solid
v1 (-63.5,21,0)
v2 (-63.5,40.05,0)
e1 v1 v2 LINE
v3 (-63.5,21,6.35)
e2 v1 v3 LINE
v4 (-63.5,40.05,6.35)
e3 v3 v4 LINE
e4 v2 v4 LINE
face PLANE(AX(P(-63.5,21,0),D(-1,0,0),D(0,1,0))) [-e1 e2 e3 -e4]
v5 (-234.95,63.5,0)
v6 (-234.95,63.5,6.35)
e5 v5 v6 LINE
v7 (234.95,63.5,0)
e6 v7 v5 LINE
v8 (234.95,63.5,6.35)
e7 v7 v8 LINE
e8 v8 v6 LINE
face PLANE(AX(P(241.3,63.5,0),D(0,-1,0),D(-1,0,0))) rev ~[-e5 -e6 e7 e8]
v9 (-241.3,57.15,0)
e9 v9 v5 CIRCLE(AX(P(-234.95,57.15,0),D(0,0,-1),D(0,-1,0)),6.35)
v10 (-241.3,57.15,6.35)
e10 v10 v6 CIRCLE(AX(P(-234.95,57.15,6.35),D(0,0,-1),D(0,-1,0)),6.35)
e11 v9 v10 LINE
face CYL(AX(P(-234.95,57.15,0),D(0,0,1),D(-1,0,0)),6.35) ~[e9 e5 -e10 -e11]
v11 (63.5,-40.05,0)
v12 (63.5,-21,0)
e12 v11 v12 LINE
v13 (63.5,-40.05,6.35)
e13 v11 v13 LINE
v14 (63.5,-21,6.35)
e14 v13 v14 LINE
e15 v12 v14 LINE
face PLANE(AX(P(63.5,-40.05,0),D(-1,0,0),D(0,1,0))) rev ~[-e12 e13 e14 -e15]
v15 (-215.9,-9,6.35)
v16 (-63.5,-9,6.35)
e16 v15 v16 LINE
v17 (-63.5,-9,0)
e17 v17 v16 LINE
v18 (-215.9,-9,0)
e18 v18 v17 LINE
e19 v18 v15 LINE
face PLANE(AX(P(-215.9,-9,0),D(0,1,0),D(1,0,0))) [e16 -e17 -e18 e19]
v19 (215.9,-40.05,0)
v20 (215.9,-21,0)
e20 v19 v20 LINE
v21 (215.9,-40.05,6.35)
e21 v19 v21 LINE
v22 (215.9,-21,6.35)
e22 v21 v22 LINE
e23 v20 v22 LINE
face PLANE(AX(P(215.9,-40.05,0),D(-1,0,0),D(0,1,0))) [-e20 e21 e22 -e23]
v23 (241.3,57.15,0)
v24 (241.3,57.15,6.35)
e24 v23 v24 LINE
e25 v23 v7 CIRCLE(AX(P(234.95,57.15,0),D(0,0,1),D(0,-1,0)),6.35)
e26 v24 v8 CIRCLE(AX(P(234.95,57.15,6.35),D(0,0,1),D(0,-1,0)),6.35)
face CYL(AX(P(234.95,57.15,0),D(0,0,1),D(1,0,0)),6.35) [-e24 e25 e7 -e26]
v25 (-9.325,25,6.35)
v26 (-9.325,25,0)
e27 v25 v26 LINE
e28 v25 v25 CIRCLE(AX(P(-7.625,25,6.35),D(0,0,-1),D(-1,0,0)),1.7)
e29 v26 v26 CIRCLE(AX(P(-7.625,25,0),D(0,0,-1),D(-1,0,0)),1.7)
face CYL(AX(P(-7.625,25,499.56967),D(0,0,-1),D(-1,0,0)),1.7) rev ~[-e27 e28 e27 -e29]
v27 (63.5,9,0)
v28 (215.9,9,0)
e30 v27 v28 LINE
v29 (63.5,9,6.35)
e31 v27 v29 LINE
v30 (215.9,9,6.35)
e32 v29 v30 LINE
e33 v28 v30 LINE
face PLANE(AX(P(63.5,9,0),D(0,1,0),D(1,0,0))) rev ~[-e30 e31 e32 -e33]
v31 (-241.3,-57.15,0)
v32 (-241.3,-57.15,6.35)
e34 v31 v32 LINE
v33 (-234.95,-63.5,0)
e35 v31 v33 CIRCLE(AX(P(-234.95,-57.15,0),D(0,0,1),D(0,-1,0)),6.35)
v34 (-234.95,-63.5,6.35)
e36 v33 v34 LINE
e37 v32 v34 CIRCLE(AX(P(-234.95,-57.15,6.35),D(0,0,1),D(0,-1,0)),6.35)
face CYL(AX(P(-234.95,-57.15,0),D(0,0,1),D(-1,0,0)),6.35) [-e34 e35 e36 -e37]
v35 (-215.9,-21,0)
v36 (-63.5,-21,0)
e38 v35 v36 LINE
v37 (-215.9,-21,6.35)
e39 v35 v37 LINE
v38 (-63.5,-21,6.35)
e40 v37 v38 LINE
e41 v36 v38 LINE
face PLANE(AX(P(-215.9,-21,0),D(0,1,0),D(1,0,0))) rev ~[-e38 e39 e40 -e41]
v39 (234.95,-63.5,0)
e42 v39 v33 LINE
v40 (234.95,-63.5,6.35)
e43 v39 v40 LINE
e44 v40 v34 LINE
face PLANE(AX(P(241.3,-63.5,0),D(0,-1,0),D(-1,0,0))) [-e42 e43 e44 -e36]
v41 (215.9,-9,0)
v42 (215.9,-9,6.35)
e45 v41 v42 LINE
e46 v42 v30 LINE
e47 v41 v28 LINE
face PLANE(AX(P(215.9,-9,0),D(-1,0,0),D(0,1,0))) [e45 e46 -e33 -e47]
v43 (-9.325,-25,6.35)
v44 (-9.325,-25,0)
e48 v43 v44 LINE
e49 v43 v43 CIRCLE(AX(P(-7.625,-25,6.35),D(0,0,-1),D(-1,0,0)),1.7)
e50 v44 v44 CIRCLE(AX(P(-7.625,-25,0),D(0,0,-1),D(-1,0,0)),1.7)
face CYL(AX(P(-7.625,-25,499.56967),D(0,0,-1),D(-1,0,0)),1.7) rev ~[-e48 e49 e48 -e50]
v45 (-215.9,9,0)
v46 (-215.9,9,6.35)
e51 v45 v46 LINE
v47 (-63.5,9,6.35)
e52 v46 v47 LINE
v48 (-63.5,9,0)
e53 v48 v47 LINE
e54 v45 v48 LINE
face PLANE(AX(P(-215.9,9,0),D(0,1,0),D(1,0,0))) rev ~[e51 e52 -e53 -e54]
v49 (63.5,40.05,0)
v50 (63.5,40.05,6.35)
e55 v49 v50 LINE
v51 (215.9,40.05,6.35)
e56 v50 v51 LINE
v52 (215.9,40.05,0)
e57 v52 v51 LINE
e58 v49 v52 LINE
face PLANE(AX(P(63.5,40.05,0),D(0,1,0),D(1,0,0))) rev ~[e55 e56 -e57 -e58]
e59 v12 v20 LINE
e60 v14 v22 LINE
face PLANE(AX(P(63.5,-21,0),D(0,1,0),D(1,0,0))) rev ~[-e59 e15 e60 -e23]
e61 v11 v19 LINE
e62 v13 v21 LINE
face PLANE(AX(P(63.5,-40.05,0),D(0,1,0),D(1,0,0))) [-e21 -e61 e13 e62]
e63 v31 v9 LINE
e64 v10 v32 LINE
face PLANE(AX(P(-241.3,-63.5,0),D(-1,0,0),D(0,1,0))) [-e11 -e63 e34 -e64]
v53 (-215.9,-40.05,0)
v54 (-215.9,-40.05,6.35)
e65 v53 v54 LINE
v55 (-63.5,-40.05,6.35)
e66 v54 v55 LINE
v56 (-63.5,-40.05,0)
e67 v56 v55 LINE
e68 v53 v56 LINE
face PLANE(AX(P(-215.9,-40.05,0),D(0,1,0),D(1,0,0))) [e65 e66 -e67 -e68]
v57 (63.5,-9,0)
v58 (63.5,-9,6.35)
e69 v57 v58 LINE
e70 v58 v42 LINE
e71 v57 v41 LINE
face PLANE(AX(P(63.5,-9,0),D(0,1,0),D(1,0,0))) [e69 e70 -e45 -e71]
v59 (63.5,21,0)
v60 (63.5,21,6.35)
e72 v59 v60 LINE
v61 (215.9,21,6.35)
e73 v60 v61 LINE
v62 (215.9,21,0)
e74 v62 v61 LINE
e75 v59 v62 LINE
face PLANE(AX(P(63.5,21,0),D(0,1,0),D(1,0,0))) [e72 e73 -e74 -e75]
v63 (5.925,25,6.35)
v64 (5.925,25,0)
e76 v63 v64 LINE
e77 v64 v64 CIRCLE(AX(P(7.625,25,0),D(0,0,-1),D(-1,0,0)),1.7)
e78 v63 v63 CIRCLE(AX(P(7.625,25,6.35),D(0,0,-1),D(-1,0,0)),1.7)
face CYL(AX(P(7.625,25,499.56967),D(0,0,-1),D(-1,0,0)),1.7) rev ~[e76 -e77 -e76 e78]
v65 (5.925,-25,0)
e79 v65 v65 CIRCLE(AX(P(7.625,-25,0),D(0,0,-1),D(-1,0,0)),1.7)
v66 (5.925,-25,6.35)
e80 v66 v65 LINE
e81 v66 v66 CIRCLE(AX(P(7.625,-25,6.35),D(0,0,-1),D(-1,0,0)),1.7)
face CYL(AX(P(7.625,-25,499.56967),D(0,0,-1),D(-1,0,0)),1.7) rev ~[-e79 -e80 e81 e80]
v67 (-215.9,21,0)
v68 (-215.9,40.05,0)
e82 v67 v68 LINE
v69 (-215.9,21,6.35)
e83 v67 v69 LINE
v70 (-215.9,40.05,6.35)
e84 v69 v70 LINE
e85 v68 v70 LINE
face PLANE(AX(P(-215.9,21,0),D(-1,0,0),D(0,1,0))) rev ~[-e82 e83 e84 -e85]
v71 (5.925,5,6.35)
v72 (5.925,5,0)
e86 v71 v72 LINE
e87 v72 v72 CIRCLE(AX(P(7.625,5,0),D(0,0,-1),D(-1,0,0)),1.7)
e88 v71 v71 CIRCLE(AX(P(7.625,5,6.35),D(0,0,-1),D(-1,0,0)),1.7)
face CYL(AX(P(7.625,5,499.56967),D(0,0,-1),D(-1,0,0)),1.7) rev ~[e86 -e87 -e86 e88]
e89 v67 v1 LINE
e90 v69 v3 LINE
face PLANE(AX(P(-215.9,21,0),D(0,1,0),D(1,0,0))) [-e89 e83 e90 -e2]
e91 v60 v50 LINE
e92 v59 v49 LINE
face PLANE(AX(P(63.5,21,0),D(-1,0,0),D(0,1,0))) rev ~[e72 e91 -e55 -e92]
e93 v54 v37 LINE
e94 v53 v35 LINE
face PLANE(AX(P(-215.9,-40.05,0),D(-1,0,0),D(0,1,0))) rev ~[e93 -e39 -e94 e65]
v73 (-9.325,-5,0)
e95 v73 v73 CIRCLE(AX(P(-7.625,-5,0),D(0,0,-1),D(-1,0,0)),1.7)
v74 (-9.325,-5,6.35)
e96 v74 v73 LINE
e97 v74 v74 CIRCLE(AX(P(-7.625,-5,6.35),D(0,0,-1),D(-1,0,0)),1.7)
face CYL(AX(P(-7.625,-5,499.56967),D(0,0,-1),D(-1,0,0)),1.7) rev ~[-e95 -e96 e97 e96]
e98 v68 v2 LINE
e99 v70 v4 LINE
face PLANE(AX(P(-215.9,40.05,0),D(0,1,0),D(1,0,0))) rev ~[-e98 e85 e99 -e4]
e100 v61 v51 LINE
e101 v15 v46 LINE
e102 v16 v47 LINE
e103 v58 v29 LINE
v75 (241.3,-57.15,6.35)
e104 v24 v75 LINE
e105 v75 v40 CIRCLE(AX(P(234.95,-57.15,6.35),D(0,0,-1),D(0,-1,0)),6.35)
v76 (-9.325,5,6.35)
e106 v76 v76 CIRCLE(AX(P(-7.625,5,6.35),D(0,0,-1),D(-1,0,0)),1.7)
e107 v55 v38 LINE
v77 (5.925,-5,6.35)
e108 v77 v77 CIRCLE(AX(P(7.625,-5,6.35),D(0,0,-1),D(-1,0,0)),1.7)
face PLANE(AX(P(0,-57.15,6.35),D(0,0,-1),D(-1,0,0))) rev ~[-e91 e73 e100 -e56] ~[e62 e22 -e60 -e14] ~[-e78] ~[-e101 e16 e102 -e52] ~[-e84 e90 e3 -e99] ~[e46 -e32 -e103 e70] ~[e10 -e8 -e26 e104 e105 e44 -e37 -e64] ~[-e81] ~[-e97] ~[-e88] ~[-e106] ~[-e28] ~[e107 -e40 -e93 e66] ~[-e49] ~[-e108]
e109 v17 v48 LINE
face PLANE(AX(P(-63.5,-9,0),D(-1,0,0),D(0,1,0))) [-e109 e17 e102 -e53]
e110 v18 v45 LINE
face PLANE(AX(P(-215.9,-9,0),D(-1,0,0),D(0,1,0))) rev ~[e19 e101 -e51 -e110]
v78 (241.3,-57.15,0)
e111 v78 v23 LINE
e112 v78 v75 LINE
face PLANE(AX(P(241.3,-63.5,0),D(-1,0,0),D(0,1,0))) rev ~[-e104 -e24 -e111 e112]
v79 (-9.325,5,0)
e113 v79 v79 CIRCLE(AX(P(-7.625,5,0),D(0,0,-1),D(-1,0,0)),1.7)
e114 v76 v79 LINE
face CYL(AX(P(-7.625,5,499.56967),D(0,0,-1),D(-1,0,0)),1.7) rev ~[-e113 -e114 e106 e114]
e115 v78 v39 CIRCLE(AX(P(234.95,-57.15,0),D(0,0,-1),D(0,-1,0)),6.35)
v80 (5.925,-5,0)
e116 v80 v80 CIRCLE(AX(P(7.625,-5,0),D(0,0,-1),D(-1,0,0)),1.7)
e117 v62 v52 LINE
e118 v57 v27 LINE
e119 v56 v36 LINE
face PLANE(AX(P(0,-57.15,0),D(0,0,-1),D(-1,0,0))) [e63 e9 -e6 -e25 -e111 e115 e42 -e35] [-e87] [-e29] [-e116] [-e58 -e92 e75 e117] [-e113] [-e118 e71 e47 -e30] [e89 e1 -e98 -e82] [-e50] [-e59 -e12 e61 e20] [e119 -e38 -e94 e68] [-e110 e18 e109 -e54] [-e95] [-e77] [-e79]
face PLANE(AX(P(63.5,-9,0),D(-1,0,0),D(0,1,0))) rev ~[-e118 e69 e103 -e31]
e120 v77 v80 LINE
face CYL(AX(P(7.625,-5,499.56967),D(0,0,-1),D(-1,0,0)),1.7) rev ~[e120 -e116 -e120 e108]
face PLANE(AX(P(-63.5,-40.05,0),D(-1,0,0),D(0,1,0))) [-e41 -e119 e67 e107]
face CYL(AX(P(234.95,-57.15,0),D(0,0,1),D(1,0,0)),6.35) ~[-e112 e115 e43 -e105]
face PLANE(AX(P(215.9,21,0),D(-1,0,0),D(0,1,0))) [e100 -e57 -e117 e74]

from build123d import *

# Parameters (mm, degrees)
SKETCH1_W            = 482.6
SKETCH1_H            = 101.6
SKETCH1_W_2          = 152.4
SKETCH1_H_2          = 19.05
SKETCH1_H_3          = 18
BOSS_EXTRUDE1_DEPTH  = 6.35
M3_CLEARANCE_HOLE1_D = 3.4
SKETCH4_W            = 482.6
SKETCH4_H            = 12.7
BOSS_EXTRUDE2_DEPTH  = 6.35
FILLET2_R            = 6.35


with BuildPart() as part:
    # Sketch1 → Boss-Extrude1 (new body)
    with BuildSketch(Plane.XY):
        Rectangle(SKETCH1_W, SKETCH1_H)
        with Locations((-139.7, -30.525)):
            Rectangle(SKETCH1_W_2, SKETCH1_H_2, mode=Mode.SUBTRACT)
        with Locations((139.7, -30.525)):
            Rectangle(SKETCH1_W_2, SKETCH1_H_2, mode=Mode.SUBTRACT)
        with Locations((-139.7, 0)):
            Rectangle(SKETCH1_W_2, SKETCH1_H_3, mode=Mode.SUBTRACT)
        with Locations((-139.7, 30.525)):
            Rectangle(SKETCH1_W_2, SKETCH1_H_2, mode=Mode.SUBTRACT)
        with Locations((139.7, 0)):
            Rectangle(SKETCH1_W_2, SKETCH1_H_3, mode=Mode.SUBTRACT)
        with Locations((139.7, 30.525)):
            Rectangle(SKETCH1_W_2, SKETCH1_H_2, mode=Mode.SUBTRACT)
    extrude(amount=BOSS_EXTRUDE1_DEPTH)

    # M3 Clearance Hole1 (through all)
    with Locations(Plane.XY.offset(6.35)):
        with Locations((7.625, 5), (7.625, 25), (7.625, -5), (-7.625, 25), (-7.625, 5), (7.625, -25), (-7.625, -25), (-7.625, -5)):
            Hole(M3_CLEARANCE_HOLE1_D / 2)

    # Sketch4 → Boss-Extrude2 (add)
    with BuildSketch(Plane(origin=(0, 0, 0), x_dir=(-1, 0, 0), z_dir=(0, 0, -1))):
        with Locations((0, -57.15)):
            Rectangle(SKETCH4_W, SKETCH4_H)
        with Locations((0, 57.15)):
            Rectangle(SKETCH4_W, SKETCH4_H)
    extrude(amount=-BOSS_EXTRUDE2_DEPTH)

    # Fillet2
    fillet2_edges = [part.edges().sort_by_distance(p)[0] for p in [
        (241.3, -63.5, 3.175),
        (-241.3, -63.5, 3.175),
        (241.3, 63.5, 3.175),
        (-241.3, 63.5, 3.175),
    ]]
    fillet(fillet2_edges, radius=FILLET2_R)


solid = part.part
